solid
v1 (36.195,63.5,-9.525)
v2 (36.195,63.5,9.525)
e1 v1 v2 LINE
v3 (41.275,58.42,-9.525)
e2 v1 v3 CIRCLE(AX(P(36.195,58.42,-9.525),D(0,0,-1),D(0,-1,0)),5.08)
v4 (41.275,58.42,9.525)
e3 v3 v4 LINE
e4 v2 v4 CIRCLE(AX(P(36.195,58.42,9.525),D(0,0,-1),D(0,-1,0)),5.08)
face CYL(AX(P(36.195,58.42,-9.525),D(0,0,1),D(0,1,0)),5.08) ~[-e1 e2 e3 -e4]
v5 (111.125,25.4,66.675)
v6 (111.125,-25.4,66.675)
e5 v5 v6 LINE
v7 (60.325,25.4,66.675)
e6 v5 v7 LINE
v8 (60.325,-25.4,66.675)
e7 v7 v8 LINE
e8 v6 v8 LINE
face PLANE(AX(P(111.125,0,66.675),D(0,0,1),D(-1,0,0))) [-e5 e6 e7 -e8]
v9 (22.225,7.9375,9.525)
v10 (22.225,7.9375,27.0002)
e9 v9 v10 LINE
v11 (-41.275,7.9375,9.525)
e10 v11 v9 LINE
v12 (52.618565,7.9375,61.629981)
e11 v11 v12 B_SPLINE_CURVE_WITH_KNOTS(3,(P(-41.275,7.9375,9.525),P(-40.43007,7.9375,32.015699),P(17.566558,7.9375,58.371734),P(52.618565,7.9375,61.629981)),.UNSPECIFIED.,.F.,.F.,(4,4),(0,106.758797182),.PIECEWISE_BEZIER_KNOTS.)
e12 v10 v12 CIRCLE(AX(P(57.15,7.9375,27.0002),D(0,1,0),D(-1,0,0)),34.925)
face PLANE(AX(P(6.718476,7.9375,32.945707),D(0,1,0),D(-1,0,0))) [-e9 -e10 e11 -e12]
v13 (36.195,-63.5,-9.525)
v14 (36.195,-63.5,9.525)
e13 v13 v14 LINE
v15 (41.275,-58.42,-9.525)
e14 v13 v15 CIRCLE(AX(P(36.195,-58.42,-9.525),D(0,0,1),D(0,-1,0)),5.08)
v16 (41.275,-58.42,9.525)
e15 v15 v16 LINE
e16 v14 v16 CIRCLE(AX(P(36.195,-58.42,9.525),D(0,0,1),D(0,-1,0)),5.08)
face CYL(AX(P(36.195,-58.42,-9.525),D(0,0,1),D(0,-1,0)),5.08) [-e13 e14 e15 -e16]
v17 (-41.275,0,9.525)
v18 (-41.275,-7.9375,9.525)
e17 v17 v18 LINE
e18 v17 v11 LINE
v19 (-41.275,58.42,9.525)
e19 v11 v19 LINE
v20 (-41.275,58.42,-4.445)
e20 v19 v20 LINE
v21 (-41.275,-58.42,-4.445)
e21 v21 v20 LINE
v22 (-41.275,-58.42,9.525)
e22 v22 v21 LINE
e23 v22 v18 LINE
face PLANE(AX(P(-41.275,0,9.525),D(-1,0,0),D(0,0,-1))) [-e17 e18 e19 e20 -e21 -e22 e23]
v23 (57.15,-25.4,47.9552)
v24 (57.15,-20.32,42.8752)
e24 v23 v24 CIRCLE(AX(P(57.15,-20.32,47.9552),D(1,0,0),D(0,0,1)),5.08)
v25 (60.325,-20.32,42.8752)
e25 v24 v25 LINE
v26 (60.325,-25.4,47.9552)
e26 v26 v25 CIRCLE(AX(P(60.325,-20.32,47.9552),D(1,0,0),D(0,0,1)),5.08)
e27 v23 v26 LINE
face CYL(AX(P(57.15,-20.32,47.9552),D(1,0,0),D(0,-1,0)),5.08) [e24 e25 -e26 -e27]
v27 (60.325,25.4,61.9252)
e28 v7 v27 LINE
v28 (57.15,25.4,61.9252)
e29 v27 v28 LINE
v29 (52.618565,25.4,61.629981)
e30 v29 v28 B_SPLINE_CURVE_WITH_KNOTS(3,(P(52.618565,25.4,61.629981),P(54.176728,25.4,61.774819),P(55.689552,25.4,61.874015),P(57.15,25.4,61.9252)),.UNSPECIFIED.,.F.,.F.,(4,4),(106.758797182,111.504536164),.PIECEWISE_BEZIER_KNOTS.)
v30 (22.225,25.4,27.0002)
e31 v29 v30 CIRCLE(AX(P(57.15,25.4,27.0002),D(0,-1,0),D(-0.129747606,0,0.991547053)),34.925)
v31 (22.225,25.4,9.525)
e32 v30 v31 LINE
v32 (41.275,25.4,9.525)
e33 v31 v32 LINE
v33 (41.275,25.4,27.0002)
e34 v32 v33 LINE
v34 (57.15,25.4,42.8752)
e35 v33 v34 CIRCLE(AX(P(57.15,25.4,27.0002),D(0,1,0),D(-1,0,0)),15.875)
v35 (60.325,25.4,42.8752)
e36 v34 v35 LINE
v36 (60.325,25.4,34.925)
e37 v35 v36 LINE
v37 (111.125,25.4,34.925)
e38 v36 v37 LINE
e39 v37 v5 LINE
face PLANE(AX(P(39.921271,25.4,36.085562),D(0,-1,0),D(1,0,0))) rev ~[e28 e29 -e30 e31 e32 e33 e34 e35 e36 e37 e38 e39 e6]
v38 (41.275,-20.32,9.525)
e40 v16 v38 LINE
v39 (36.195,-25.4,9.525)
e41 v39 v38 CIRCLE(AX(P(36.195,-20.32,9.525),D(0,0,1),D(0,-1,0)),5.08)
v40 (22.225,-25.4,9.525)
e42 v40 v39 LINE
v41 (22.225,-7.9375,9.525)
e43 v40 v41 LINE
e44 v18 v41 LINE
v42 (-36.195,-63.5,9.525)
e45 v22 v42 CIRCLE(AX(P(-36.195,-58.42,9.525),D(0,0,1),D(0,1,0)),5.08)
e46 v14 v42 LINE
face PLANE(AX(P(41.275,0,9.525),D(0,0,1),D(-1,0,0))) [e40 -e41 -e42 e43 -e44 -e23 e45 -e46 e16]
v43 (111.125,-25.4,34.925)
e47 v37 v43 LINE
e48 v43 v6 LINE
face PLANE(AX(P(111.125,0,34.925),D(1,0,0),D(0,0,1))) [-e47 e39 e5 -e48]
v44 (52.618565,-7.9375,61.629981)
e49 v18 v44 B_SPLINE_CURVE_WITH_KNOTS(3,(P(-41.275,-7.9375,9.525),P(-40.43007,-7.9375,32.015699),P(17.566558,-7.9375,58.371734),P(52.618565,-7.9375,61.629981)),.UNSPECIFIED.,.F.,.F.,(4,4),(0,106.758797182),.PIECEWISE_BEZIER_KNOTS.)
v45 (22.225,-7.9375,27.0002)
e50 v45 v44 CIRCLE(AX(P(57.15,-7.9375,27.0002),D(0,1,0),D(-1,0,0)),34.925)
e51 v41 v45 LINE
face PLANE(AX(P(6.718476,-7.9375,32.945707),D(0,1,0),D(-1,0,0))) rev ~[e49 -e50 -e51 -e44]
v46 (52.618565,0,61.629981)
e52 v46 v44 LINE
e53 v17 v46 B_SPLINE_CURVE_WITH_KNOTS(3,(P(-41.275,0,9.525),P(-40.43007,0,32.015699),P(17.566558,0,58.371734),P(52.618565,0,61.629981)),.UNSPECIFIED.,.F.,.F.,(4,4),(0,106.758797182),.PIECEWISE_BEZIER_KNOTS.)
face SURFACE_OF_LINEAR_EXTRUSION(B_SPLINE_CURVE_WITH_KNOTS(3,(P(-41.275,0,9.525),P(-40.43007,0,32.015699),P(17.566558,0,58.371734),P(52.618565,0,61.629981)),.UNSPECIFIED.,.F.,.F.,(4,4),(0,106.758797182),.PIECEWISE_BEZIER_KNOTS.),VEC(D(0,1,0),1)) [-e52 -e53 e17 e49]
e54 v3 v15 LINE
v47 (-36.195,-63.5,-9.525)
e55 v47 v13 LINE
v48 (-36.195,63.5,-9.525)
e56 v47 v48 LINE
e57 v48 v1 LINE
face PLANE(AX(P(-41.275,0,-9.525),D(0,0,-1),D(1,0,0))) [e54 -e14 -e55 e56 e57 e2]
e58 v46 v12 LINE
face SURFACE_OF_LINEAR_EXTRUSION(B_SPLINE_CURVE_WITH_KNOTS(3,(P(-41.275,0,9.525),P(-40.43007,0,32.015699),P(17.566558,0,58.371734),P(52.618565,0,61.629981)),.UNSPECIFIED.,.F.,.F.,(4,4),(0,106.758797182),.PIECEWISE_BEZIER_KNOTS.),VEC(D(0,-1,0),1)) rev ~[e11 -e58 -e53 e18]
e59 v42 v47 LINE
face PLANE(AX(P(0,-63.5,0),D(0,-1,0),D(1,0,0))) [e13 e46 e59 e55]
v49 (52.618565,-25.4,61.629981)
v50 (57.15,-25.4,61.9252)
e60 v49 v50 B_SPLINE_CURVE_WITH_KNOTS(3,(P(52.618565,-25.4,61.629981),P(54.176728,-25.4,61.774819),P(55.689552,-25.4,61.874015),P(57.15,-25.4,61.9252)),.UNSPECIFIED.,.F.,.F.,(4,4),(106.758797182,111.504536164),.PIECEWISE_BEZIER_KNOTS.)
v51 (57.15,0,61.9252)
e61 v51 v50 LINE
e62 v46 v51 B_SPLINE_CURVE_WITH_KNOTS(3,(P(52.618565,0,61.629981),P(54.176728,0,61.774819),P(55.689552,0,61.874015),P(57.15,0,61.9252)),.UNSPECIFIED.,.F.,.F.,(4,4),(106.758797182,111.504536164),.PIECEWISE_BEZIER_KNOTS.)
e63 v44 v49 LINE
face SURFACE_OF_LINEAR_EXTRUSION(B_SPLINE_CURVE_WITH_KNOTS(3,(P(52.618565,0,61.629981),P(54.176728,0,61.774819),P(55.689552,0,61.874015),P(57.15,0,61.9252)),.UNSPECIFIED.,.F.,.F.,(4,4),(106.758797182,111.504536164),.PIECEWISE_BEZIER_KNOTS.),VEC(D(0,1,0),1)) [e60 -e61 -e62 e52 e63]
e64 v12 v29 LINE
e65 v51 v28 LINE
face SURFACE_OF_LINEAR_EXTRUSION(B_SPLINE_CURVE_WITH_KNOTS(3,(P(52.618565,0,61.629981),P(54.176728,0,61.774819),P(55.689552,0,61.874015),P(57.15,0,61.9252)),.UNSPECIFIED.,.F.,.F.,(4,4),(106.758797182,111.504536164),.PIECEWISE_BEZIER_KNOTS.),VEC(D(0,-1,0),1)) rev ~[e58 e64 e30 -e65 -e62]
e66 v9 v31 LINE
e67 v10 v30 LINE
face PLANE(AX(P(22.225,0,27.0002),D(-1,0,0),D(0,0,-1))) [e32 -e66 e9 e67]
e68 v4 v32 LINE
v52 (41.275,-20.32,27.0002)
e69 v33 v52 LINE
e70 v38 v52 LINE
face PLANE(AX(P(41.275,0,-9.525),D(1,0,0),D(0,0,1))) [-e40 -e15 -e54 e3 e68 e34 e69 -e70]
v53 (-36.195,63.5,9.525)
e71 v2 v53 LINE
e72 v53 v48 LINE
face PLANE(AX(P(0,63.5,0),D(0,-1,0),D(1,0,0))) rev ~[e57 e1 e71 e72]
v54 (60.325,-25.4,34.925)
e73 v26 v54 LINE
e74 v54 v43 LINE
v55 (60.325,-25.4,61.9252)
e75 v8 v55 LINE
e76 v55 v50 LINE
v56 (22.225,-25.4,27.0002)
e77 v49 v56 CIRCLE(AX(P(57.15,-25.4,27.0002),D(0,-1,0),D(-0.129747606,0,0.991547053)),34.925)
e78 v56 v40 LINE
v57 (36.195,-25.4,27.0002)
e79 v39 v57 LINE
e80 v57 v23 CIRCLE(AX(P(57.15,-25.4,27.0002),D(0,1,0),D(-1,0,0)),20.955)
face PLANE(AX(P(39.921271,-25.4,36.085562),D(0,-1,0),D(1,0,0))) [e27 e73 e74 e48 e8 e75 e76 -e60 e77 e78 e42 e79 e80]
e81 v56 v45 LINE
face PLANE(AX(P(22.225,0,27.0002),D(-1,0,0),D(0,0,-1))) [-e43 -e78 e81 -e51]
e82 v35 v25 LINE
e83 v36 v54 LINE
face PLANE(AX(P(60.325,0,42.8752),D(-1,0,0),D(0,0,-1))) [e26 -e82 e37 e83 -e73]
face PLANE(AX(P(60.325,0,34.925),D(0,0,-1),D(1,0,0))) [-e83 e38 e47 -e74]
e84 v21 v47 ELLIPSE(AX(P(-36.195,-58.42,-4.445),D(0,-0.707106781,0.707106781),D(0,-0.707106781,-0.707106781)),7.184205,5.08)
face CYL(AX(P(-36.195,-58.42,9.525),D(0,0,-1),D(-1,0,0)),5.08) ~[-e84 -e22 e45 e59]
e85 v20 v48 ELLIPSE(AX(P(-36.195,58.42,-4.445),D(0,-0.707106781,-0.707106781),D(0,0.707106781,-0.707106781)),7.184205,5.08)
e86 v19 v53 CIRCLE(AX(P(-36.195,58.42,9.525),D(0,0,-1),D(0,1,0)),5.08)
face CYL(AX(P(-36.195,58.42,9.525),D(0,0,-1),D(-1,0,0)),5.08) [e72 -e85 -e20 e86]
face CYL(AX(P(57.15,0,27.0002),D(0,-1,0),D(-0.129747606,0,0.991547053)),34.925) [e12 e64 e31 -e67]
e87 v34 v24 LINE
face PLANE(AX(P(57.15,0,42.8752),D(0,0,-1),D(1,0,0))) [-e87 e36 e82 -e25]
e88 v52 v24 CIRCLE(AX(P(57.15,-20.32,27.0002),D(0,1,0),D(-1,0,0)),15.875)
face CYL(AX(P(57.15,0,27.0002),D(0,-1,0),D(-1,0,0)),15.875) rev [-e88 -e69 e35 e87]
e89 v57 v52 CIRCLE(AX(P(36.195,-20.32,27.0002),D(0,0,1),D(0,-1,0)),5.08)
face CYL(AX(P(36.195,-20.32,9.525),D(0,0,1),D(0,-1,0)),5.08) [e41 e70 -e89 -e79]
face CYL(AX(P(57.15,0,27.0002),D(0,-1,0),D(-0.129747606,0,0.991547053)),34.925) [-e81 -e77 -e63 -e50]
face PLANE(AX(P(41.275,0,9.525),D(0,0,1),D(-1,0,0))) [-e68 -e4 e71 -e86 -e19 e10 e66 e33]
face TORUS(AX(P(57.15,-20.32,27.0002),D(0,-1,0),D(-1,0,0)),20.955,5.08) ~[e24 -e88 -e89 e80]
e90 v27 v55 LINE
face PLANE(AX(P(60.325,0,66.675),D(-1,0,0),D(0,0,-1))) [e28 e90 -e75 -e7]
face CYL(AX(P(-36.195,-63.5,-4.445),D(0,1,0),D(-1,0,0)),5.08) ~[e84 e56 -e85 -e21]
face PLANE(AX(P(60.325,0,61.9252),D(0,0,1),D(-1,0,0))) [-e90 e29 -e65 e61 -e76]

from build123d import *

# Parameters (mm, degrees)
F1_DEPTH = 63.5
F0_W     = 49.9602150655
F0_H     = 19.05
F2_DEPTH = 25.4
F3_DEPTH = 7.9375
F4_R     = 5.08


with BuildPart() as f1:
    # F0 (on Front) → F1 (new body, symmetric)
    with BuildSketch(Plane.XZ):
        Polygon((-41.275, -9.525), (41.275, -9.525), (41.275, 9.525), (22.225, 9.525), (-41.275, 9.525), align=None)
    extrude(amount=F1_DEPTH, both=True)

    # F0 (on Front) → F2 (join, symmetric)
    with BuildSketch(Plane.XZ):
        with BuildLine():
            Line((22.225, 9.525), (41.275, 9.525))
            Line((41.275, 9.525), (41.275, 27.0002))
            ThreePointArc((41.275, 27.0002), (45.9246798487, 38.2255201513), (57.15, 42.8752))
            Line((57.15, 42.8752), (60.325, 42.8752))
            Line((60.325, 42.8752), (60.325, 61.9252))
            Line((60.325, 61.9252), (57.15, 61.9252))
            add(Edge.make_bspline(
                [(52.6185648508, 61.6299808322), (54.1767284716, 61.7748193582), (55.6895521193, 61.8740152427), (57.15, 61.9252)],
                knots=[106.7587971819, 106.7587971819, 106.7587971819, 106.7587971819, 111.5045361635, 111.5045361635, 111.5045361635, 111.5045361635], degree=3))
            ThreePointArc((52.6185648508, 61.6299808322), (30.9010381388, 50.0381605479), (22.225, 27.0002))
            Line((22.225, 27.0002), (22.225, 9.525))
        make_face()
        with Locations((85.3051075328, 52.4002)):
            Rectangle(F0_W, F0_H)
        Polygon((110.2852150655, 42.8752), (60.325, 42.8752), (60.325, 34.925), (111.125, 34.925), (111.125, 66.675), (60.325, 66.675), (60.325, 61.9252), (110.2852150655, 61.9252), align=None)
    extrude(amount=F2_DEPTH, both=True)

    # F0 (on Front) → F3 (join, symmetric)
    with BuildSketch(Plane.XZ):
        with BuildLine():
            add(Edge.make_bspline(
                [(-41.275, 9.525), (-40.4300702784, 32.0156986362), (17.5665582788, 58.3717344605), (52.6185648508, 61.6299808322)],
                knots=[0, 0, 0, 0, 106.7587971819, 106.7587971819, 106.7587971819, 106.7587971819], degree=3))
            Line((-41.275, 9.525), (22.225, 9.525))
            Line((22.225, 9.525), (22.225, 27.0002))
            ThreePointArc((22.225, 27.0002), (30.9010381388, 50.0381605479), (52.6185648508, 61.6299808322))
        make_face()
    extrude(amount=F3_DEPTH, both=True)

    # F4
    f4_edges = [f1.edges().sort_by_distance(p)[0] for p in [
        (41.275, -63.5, 0),
        (41.275, 63.5, 0),
        (58.7375, -25.4, 42.8752),
        (-41.275, -63.5, 0),
        (-41.275, 63.5, 0),
        (-41.275, 0, -9.525),
    ]]
    fillet(f4_edges, radius=F4_R)


solid = f1.part
